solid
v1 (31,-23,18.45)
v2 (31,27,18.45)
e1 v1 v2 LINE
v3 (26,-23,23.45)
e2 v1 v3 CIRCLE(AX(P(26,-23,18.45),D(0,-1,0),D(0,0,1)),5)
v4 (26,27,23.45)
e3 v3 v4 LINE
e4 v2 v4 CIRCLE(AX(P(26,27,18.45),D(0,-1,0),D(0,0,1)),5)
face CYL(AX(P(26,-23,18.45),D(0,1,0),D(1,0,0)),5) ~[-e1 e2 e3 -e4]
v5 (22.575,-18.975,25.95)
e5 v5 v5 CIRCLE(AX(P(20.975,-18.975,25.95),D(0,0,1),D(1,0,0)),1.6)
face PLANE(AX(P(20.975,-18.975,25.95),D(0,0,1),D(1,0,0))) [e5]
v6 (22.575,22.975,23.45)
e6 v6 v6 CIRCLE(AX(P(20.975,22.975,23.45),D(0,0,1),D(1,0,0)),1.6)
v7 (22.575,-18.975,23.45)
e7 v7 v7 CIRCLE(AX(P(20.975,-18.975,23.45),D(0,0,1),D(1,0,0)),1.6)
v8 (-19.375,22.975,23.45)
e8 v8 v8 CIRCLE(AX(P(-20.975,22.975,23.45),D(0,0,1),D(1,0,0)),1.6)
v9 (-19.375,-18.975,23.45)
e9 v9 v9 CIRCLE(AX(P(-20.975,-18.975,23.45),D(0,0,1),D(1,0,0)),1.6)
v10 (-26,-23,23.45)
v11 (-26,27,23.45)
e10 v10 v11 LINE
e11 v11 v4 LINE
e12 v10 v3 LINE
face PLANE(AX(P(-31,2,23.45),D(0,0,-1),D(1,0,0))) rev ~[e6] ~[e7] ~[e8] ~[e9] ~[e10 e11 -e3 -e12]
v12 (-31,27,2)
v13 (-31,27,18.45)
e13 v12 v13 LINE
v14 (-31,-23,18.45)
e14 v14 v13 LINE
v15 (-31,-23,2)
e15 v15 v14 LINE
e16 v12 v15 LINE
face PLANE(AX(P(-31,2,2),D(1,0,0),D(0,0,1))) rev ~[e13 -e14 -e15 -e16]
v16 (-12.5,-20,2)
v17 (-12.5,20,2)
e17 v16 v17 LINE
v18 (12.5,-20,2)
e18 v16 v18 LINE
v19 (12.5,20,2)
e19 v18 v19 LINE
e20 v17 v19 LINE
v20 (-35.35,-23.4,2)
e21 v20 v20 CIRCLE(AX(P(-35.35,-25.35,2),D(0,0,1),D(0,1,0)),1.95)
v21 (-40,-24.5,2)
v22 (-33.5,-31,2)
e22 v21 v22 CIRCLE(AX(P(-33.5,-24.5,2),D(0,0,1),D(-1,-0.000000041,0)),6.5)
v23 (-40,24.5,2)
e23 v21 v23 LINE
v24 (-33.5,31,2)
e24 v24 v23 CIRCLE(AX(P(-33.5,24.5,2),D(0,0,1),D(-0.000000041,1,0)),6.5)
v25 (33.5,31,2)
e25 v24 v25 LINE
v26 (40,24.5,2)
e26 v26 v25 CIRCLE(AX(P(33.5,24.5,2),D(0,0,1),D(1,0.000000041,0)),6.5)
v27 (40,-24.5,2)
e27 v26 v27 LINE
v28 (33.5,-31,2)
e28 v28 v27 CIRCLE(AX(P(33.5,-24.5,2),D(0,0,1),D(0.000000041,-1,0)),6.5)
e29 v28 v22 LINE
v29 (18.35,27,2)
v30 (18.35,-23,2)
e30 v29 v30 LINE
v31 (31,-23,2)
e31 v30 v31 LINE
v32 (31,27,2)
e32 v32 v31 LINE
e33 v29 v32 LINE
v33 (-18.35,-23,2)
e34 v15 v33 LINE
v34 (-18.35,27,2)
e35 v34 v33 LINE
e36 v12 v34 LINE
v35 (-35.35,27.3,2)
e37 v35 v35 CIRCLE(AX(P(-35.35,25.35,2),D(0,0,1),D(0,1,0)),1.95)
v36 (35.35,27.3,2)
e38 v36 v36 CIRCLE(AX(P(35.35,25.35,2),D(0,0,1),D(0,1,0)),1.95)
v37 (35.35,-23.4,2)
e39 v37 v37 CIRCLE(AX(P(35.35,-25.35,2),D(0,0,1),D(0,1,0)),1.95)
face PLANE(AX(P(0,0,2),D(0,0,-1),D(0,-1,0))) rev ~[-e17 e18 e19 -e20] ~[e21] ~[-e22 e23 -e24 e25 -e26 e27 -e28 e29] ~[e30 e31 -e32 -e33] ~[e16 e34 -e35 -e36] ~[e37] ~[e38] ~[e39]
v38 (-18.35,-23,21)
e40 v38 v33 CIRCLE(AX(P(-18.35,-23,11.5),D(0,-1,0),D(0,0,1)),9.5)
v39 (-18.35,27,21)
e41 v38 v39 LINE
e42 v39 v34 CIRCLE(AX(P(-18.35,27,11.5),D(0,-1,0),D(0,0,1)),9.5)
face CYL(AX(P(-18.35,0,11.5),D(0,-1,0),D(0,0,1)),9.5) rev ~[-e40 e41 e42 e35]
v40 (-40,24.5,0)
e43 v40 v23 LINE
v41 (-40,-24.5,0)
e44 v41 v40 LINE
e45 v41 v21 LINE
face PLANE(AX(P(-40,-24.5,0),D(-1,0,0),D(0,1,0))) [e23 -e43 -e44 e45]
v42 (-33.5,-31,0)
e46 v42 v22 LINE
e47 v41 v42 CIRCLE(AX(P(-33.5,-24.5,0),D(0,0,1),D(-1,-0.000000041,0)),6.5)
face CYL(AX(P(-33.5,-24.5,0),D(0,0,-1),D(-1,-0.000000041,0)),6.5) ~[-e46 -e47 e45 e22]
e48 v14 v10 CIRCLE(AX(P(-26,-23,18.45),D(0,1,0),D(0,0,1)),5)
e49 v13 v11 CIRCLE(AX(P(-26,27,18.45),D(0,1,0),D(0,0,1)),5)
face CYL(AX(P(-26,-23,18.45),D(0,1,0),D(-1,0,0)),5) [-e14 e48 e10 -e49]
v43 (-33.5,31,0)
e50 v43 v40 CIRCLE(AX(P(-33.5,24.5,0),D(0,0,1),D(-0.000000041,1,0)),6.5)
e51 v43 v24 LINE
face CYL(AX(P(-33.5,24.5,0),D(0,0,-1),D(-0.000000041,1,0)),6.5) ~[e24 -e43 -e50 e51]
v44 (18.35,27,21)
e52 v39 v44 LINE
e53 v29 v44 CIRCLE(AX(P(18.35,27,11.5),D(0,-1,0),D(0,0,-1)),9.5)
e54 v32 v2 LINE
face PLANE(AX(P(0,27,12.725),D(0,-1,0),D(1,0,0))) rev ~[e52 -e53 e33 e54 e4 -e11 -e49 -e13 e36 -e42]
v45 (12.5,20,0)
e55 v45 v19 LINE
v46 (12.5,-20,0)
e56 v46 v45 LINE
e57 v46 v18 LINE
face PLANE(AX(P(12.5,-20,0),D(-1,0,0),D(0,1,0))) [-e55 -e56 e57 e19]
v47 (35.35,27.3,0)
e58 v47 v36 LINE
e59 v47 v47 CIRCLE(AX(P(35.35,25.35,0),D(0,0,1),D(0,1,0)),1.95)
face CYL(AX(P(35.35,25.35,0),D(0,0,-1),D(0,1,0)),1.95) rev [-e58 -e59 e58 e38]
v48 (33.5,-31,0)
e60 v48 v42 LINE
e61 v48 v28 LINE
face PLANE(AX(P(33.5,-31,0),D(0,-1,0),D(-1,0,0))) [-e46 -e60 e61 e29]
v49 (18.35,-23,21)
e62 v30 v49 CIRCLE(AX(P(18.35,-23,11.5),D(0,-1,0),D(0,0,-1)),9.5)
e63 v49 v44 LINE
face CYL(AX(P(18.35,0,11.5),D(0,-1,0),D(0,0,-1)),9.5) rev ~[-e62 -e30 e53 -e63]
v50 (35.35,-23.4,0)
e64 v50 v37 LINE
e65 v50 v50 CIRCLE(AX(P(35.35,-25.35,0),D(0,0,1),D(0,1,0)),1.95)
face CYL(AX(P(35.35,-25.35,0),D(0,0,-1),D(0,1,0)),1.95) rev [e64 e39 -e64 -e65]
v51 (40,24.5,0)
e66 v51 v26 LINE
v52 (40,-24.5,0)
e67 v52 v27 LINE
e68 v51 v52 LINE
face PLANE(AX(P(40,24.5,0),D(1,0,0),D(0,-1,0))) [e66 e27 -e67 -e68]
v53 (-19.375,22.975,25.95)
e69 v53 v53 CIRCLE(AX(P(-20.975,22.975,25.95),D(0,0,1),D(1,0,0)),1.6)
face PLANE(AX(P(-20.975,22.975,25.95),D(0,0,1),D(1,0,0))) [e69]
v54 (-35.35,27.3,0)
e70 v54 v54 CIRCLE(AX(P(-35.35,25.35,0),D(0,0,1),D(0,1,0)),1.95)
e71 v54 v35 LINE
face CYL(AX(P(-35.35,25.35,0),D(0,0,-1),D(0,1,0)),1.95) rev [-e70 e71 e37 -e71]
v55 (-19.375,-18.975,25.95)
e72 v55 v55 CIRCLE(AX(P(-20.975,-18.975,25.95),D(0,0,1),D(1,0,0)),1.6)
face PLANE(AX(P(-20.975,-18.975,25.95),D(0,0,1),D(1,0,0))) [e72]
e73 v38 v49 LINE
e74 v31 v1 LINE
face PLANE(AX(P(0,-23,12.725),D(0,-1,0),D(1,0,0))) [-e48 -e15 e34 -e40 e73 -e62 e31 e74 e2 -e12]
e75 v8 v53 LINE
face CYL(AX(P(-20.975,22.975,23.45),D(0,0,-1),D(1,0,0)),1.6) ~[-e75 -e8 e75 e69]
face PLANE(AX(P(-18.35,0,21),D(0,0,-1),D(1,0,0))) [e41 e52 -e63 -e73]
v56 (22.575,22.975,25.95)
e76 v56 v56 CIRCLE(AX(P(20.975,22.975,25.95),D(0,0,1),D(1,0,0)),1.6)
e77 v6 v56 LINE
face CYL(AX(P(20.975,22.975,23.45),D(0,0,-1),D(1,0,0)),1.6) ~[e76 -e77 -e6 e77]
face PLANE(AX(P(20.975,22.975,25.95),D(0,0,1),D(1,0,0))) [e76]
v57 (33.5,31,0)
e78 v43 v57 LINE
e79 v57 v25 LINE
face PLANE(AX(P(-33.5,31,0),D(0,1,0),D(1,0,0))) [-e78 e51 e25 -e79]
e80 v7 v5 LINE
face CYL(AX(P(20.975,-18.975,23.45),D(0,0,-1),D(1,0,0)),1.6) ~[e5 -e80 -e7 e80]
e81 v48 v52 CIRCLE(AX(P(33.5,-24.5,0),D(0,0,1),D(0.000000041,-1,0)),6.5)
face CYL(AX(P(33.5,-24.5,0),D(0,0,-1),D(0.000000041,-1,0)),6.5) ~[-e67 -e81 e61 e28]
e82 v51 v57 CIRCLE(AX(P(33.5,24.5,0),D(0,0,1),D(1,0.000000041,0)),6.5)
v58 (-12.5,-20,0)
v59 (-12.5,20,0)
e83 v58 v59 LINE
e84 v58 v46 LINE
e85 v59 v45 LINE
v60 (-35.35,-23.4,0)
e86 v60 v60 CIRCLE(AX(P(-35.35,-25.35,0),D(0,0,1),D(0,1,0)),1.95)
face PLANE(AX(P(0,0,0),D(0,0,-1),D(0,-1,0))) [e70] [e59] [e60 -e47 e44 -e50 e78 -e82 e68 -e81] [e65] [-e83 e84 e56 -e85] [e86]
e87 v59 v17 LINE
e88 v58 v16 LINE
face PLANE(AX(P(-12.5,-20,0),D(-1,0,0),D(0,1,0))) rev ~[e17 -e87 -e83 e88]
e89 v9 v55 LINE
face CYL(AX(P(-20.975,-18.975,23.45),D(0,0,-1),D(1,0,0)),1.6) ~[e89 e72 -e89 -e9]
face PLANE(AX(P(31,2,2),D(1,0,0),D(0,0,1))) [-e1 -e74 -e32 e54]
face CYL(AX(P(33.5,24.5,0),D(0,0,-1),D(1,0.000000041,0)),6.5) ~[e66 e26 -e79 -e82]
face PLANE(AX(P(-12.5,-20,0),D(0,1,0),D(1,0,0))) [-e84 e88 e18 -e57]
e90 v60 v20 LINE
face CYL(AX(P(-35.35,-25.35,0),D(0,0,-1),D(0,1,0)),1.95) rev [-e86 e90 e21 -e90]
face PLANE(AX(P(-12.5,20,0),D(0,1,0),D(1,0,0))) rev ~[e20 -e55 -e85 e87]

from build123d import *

# Parameters (mm, degrees)
PAD_DEPTH    = 33
SKETCH002_W  = 62
SKETCH002_H  = 21.45
PAD002_DEPTH = 25
FILLET_R     = 5
SKETCH003_R  = 1.6
PAD003_DEPTH = 2.5
SKETCH001_R  = 1.95
PAD001_DEPTH = 2
SKETCH004_W  = 40
SKETCH004_H  = 25
POCKET_DEPTH = 5


with BuildPart() as pad:
    # Sketch → Pad (new body, symmetric)
    with BuildSketch(Plane(origin=(0, 0, 2), x_dir=(1, 0, 0), z_dir=(0, -1, 0))):
        with BuildLine():
            ThreePointArc((-18.35, 19), (-27.85, 9.5), (-18.35, 0))
            Line((-18.35, 0), (18.35, 0))
            ThreePointArc((18.35, 0), (27.85, 9.5), (18.35, 19))
            Line((-18.35, 19), (18.35, 19))
        make_face()
    extrude(amount=PAD_DEPTH, both=True)


with BuildPart() as pad003:
    # Sketch002 → Pad002 (new body, symmetric)
    with BuildSketch(Plane.XZ.offset(-2)):
        with Locations((0, 12.725)):
            Rectangle(SKETCH002_W, SKETCH002_H)
    extrude(amount=PAD002_DEPTH, both=True)

    # Fillet
    fillet_edges = [pad003.edges().sort_by_distance(p)[0] for p in [
        (-31, 2, 23.45),
        (31, 2, 23.45),
    ]]
    fillet(fillet_edges, radius=FILLET_R)

    # Cut: cut Pad
    add(pad.part, mode=Mode.SUBTRACT)

    # Sketch003 → Pad003 (new body)
    with BuildSketch(Plane.XY.offset(23.45)):
        with Locations((-20.975, 22.975)):
            Circle(SKETCH003_R)
        with Locations((-20.975, -18.975)):
            Circle(SKETCH003_R)
        with Locations((20.975, 22.975)):
            Circle(SKETCH003_R)
        with Locations((20.975, -18.975)):
            Circle(SKETCH003_R)
    extrude(amount=PAD003_DEPTH)


with BuildPart() as fusion:
    # Sketch001 → Pad001 (new body)
    with BuildSketch(Plane(origin=(0, 0, 0), x_dir=(0, 1, 0), z_dir=(0, 0, 1))):
        with BuildLine():
            Line((-24.5, 40), (24.5, 40))
            ThreePointArc((31, 33.5), (29.096194, 38.096194), (24.5, 40))
            Line((31, 33.5), (31, -33.5))
            ThreePointArc((24.5, -40), (29.096194, -38.096194), (31, -33.5))
            Line((24.5, -40), (-24.5, -40))
            ThreePointArc((-31, -33.5), (-29.096194, -38.096194), (-24.5, -40))
            Line((-31, -33.5), (-31, 33.5))
            ThreePointArc((-24.5, 40), (-29.096194, 38.096194), (-31, 33.5))
        make_face()
        with Locations((-25.35, 35.35)):
            Circle(SKETCH001_R, mode=Mode.SUBTRACT)
        with Locations((25.35, 35.35)):
            Circle(SKETCH001_R, mode=Mode.SUBTRACT)
        with Locations((25.35, -35.35)):
            Circle(SKETCH001_R, mode=Mode.SUBTRACT)
        with Locations((-25.35, -35.35)):
            Circle(SKETCH001_R, mode=Mode.SUBTRACT)
    extrude(amount=PAD001_DEPTH)

    # Sketch004 → Pocket (cut)
    with BuildSketch(Plane.YX):
        Rectangle(SKETCH004_W, SKETCH004_H)
    extrude(amount=-POCKET_DEPTH, mode=Mode.SUBTRACT)

    # Fusion: union Pad003
    add(pad003.part)


solid = fusion.part
